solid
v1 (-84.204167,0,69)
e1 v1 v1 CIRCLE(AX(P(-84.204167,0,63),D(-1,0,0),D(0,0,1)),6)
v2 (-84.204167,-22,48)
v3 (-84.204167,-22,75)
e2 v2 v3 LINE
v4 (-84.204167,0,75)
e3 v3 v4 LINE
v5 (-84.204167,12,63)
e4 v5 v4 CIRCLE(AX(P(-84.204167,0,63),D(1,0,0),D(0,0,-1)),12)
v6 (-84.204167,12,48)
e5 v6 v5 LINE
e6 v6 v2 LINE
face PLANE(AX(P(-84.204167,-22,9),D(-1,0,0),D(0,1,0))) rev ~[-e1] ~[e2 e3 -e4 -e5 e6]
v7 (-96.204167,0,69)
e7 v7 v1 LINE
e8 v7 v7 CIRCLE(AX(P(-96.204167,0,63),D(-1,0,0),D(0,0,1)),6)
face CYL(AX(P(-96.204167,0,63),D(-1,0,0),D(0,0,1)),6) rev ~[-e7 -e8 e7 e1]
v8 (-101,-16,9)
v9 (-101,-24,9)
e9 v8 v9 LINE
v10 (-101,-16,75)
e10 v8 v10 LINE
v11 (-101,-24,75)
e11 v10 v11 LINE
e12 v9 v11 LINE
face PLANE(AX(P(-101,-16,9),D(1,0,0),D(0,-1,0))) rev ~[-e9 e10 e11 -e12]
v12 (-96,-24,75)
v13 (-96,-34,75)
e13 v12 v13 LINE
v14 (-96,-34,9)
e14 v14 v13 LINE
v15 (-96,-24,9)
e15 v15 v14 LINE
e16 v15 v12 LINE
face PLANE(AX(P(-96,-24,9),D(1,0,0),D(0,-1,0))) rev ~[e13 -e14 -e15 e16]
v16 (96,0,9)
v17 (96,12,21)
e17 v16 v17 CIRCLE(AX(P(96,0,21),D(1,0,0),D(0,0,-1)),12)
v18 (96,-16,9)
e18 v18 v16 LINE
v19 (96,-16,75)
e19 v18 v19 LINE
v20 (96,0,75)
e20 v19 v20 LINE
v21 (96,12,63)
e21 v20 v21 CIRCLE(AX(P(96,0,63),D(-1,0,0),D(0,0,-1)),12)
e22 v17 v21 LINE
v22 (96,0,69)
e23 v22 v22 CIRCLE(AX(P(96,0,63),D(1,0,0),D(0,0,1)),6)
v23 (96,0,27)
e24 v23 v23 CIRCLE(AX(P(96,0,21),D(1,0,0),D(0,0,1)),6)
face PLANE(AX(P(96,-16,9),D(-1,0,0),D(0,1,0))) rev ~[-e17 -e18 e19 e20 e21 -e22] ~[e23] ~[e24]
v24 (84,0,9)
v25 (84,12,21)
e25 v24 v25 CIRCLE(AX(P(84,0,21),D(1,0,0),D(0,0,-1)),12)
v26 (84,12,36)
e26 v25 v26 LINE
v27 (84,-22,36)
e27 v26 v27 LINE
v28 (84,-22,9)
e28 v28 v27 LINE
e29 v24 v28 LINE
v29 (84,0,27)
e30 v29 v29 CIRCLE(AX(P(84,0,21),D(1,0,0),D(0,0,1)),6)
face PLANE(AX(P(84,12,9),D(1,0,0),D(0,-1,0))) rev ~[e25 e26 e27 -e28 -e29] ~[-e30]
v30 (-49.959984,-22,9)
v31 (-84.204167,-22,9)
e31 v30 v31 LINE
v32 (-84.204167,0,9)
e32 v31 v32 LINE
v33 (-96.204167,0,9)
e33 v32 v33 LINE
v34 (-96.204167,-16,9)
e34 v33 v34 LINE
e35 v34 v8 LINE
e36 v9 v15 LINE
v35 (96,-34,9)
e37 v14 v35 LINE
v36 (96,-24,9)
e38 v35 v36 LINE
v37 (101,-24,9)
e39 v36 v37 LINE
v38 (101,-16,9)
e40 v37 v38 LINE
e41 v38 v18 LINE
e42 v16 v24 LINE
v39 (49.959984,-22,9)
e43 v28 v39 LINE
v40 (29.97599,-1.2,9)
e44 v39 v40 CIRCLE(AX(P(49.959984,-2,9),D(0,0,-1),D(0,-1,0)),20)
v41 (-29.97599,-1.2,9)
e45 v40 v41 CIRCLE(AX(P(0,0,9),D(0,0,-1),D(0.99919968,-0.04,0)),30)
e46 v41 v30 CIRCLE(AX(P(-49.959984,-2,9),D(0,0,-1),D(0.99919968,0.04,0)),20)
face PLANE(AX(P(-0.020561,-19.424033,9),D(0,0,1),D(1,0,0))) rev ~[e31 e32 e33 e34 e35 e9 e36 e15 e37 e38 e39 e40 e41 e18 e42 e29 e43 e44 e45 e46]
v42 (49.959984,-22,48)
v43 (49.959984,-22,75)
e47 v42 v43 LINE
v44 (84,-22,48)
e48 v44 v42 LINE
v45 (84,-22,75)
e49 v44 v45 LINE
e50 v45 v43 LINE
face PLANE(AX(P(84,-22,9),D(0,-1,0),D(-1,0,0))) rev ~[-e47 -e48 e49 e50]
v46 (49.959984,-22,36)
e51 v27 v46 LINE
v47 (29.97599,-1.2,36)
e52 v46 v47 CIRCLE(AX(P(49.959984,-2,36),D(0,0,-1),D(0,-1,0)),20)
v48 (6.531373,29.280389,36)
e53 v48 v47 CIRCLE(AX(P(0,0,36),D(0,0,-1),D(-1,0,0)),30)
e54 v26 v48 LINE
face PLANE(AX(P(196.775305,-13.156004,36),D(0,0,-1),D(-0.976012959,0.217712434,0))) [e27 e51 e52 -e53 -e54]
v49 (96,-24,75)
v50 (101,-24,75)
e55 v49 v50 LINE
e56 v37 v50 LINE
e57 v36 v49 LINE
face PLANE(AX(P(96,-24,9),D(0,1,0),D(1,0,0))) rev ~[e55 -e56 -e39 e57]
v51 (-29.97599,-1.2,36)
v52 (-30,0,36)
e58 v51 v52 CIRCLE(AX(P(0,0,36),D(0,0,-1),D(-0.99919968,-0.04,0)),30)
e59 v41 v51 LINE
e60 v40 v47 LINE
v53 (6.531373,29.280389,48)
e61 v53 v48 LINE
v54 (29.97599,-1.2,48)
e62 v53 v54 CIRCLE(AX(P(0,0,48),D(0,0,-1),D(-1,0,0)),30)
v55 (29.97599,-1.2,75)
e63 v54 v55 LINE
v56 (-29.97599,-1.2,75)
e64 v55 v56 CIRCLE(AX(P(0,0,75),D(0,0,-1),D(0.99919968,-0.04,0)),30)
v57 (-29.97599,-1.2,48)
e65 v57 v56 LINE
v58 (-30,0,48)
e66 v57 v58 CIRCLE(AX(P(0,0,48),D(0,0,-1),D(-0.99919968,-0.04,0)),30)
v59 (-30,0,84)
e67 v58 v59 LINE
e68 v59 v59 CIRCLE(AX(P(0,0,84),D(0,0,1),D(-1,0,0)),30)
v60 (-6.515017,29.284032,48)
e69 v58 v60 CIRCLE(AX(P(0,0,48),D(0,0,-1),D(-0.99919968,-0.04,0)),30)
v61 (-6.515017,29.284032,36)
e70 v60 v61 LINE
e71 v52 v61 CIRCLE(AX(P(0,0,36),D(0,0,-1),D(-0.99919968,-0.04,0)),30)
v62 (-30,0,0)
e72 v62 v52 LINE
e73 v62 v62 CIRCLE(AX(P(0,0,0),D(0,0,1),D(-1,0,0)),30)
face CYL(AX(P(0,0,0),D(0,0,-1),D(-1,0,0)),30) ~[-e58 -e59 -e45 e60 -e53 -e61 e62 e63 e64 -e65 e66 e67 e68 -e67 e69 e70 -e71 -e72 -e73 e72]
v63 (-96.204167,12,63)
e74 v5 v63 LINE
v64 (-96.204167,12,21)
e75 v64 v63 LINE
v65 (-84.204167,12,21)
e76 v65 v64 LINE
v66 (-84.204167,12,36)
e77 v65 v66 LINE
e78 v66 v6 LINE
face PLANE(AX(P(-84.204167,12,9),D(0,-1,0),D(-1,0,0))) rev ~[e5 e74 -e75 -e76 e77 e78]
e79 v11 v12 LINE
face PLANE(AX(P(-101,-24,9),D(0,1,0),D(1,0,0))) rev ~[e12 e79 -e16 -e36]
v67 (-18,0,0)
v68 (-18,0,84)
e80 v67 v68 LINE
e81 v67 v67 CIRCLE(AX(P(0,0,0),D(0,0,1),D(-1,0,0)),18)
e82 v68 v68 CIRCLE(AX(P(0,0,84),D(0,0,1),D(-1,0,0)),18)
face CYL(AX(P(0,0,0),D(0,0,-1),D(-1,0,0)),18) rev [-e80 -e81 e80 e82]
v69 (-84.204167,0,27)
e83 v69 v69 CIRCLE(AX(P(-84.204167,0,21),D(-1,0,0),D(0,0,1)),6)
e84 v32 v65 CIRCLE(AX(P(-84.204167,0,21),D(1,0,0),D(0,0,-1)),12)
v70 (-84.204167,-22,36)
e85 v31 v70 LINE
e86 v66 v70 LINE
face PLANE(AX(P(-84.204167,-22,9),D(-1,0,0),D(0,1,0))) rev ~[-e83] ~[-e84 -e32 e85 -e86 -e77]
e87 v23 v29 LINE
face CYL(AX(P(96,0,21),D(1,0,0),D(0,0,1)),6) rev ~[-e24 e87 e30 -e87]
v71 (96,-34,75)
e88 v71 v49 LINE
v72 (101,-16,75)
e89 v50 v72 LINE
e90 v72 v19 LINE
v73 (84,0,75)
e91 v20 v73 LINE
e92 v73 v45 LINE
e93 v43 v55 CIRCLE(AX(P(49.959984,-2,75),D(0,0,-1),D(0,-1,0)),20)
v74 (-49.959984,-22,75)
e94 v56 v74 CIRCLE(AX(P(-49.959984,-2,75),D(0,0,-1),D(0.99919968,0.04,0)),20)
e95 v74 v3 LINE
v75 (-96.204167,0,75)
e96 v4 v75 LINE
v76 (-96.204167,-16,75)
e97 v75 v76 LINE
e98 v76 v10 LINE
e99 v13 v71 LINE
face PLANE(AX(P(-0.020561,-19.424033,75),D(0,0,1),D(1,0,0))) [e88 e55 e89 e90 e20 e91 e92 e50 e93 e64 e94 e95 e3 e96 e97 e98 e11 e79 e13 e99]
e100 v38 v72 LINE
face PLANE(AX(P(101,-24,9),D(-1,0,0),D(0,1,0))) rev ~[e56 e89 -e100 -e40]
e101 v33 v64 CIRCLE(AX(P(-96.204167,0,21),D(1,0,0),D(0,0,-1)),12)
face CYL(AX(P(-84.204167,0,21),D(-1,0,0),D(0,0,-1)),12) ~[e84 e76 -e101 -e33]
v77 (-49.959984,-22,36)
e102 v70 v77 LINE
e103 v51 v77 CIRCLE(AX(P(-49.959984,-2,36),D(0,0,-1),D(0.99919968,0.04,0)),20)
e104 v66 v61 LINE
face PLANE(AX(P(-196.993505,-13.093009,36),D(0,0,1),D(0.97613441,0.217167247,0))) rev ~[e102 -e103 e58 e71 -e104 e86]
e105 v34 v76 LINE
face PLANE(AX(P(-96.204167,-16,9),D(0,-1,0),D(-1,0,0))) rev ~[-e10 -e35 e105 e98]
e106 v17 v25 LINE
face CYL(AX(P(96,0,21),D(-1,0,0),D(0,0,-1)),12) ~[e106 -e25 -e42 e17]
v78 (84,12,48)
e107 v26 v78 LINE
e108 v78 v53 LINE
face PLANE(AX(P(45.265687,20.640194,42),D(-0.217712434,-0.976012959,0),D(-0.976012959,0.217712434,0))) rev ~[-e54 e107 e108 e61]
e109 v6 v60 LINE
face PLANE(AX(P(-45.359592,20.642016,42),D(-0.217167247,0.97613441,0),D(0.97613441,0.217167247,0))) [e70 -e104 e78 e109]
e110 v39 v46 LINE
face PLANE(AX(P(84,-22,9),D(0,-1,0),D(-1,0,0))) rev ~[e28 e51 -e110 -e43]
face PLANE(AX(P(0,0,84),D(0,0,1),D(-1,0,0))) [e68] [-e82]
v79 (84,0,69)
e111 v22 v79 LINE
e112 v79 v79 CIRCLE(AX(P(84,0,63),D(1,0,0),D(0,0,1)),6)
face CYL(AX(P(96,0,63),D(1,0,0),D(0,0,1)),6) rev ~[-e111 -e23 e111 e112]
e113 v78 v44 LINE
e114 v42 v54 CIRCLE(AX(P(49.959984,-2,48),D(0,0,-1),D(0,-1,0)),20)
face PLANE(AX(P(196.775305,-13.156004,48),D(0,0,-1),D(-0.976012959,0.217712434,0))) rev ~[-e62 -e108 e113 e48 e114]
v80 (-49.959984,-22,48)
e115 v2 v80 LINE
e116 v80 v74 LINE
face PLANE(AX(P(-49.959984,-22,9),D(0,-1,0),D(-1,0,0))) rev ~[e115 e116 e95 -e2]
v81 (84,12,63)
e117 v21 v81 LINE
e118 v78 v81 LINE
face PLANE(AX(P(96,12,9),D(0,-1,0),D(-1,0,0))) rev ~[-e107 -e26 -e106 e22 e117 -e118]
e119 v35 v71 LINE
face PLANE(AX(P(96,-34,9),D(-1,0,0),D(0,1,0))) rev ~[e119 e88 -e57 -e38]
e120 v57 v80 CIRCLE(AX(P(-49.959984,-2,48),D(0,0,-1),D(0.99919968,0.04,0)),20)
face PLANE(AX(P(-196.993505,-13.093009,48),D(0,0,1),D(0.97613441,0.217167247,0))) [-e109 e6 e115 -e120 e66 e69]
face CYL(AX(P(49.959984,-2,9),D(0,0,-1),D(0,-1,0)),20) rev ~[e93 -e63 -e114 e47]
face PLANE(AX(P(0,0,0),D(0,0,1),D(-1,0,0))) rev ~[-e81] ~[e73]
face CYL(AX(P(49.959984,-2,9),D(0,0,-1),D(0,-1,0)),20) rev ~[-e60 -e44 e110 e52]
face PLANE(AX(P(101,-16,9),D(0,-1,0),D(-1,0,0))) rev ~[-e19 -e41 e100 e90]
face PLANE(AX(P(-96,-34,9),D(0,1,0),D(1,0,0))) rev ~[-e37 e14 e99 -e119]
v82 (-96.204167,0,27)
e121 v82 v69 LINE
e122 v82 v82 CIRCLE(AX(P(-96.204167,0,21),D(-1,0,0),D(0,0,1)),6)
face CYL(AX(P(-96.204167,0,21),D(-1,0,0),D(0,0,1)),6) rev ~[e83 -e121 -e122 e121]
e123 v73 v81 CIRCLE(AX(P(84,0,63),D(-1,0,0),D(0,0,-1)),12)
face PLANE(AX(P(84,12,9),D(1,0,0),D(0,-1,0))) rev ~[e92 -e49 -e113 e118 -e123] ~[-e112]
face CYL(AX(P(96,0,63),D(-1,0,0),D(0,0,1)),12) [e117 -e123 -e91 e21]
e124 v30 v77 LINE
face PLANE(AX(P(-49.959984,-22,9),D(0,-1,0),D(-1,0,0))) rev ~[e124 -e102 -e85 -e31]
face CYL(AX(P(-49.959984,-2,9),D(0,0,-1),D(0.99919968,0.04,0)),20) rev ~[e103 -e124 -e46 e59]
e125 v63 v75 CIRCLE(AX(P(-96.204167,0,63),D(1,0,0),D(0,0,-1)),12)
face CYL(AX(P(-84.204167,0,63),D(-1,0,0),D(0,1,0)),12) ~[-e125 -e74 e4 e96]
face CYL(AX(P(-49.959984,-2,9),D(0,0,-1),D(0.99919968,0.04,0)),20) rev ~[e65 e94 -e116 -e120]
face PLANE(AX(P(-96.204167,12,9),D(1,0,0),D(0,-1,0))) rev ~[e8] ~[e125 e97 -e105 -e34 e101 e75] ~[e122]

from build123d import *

# Parameters (mm, degrees)
SKETCH1_R                      = 30
SKETCH1_R_2                    = 18
BOSS_EXTRUDE1_DEPTH            = 84
BOSS_EXTRUDE3_DEPTH            = 66
CUT_EXTRUDE1_REACH             = 218.843
SKETCH3_R                      = 6
CUT_EXTRUDE1_DIRECTION_2_DEPTH = 217.843261366
FILLET1_R                      = 12
CUT_EXTRUDE2_REACH             = 219.029
SKETCH4_R                      = 6
FILLET2_R                      = 12
RIB1_REACH                     = 116.547
SKETCH5_WALL_W                 = 310.682445014
SKETCH5_WALL_H                 = 12
RIB2_REACH                     = 116.547
SKETCH6_WALL_W                 = 310.466406556
SKETCH6_WALL_H                 = 12


with BuildPart() as part:
    # Sketch1 → Boss-Extrude1 (new body)
    with BuildSketch(Plane.XY):
        with Locations(Location((0, 0, 0), (0, 0, 180))):
            Circle(SKETCH1_R)
        with Locations(Location((0, 0, 0), (0, 0, 180))):
            Circle(SKETCH1_R_2, mode=Mode.SUBTRACT)
    extrude(amount=BOSS_EXTRUDE1_DEPTH)

    # Sketch2 → Boss-Extrude3 (add)
    with BuildSketch(Plane.XY.offset(9)):
        with BuildLine():
            Line((96, -24), (101, -24))
            Line((101, -24), (101, -16))
            Line((101, -16), (96, -16))
            Line((96, -16), (96, 12))
            Line((96, 12), (84, 12))
            Line((84, 12), (84, -22))
            Line((84, -22), (49.959983987, -22))
            ThreePointArc((49.959983987, -22), (35.537778885, -15.856406461), (29.975990392, -1.2))
            ThreePointArc((29.975990392, -1.2), (0, -30), (-29.975990392, -1.2))
            ThreePointArc((-29.975990392, -1.2), (-35.537778885, -15.856406461), (-49.959983987, -22))
            Line((-49.959983987, -22), (-84.204166847, -22))
            Line((-84.204166847, -22), (-84.204166847, 12))
            Line((-84.204166847, 12), (-96.204166847, 12))
            Line((-96.204166847, 12), (-96.204166847, -16))
            Line((-96.204166847, -16), (-101, -16))
            Line((-101, -16), (-101, -24))
            Line((-101, -24), (-96, -24))
            Line((-96, -24), (-96, -34))
            Line((-96, -34), (96, -34))
            Line((96, -34), (96, -24))
        make_face()
    extrude(amount=BOSS_EXTRUDE3_DEPTH)

    # Sketch3 → Cut-Extrude1 (cut, up to next)
    with BuildSketch(Plane(origin=(96, 0, 0), x_dir=(0, 0, -1), z_dir=(1, 0, 0)), mode=Mode.PRIVATE) as cut_extrude1_sk1:
        with Locations(Location((-63, 0, 0), (0, 0, 180))):
            Circle(SKETCH3_R)
    cut_extrude1_tool1 = extrude(cut_extrude1_sk1.sketch, amount=-CUT_EXTRUDE1_REACH, mode=Mode.PRIVATE) & part.part
    # Sketch3 → Cut-Extrude1 (cut, up to next)
    with BuildSketch(Plane(origin=(96, 0, 0), x_dir=(0, 0, -1), z_dir=(1, 0, 0)), mode=Mode.PRIVATE) as cut_extrude1_sk2:
        with Locations(Location((-21, 0, 0), (0, 0, 180))):
            Circle(SKETCH3_R)
    cut_extrude1_tool2 = extrude(cut_extrude1_sk2.sketch, amount=-CUT_EXTRUDE1_REACH, mode=Mode.PRIVATE) & part.part
    add(cut_extrude1_tool1.solids().sort_by_distance((96, 0, 63))[0], mode=Mode.SUBTRACT)
    add(cut_extrude1_tool2.solids().sort_by_distance((96, 0, 21))[0], mode=Mode.SUBTRACT)

    # Sketch3 → Cut-Extrude1 direction 2 (cut)
    with BuildSketch(Plane(origin=(96, 0, 0), x_dir=(0, 0, -1), z_dir=(1, 0, 0))):
        with Locations(Location((-63, 0, 0), (0, 0, 180))):
            Circle(SKETCH3_R)
        with Locations(Location((-21, 0, 0), (0, 0, 180))):
            Circle(SKETCH3_R)
    extrude(amount=CUT_EXTRUDE1_DIRECTION_2_DEPTH, mode=Mode.SUBTRACT)

    # Fillet1
    fillet1_edges = [part.edges().sort_by_distance(p)[0] for p in [
        (90, 12, 9),
        (90, 12, 75),
    ]]
    fillet(fillet1_edges, radius=FILLET1_R)

    # Sketch4 → Cut-Extrude2 (cut, up to next)
    with BuildSketch(Plane.ZY.offset(96.204166847), mode=Mode.PRIVATE) as cut_extrude2_sk1:
        with Locations((21, 0)):
            Circle(SKETCH4_R)
    cut_extrude2_tool1 = extrude(cut_extrude2_sk1.sketch, amount=-CUT_EXTRUDE2_REACH, mode=Mode.PRIVATE) & part.part
    # Sketch4 → Cut-Extrude2 (cut, up to next)
    with BuildSketch(Plane.ZY.offset(96.204166847), mode=Mode.PRIVATE) as cut_extrude2_sk2:
        with Locations((63, 0)):
            Circle(SKETCH4_R)
    cut_extrude2_tool2 = extrude(cut_extrude2_sk2.sketch, amount=-CUT_EXTRUDE2_REACH, mode=Mode.PRIVATE) & part.part
    add(cut_extrude2_tool1.solids().sort_by_distance((-96.204167, 0, 21))[0], mode=Mode.SUBTRACT)
    add(cut_extrude2_tool2.solids().sort_by_distance((-96.204167, 0, 63))[0], mode=Mode.SUBTRACT)

    # Fillet2
    fillet2_edges = [part.edges().sort_by_distance(p)[0] for p in [
        (-90.204166847, 12, 9),
        (-90.204166847, 12, 75),
    ]]
    fillet(fillet2_edges, radius=FILLET2_R)

    # Sketch5 wall → Rib1 (add, up to next)
    with BuildSketch(Plane(origin=(-45.359592124, 20.642016154, 42), x_dir=(0.976134410289, 0.217167246725, 0), z_dir=(-0.217167246725, 0.976134410289, 0)), mode=Mode.PRIVATE) as rib1_sk1:
        Rectangle(SKETCH5_WALL_W, SKETCH5_WALL_H)
    rib1_tool1 = extrude(rib1_sk1.sketch, amount=-RIB1_REACH, mode=Mode.PRIVATE) - part.part
    add(rib1_tool1.solids().sort_by_distance((-45.359592124, 20.642016154, 42))[0])

    # Sketch6 wall → Rib2 (add, up to next)
    with BuildSketch(Plane(origin=(45.265686516, 20.640194383, 42), x_dir=(-0.976012958873, 0.217712434444, 0), z_dir=(-0.217712434444, -0.976012958873, 0)), mode=Mode.PRIVATE) as rib2_sk1:
        Rectangle(SKETCH6_WALL_W, SKETCH6_WALL_H)
    rib2_tool1 = extrude(rib2_sk1.sketch, amount=RIB2_REACH, mode=Mode.PRIVATE) - part.part
    add(rib2_tool1.solids().sort_by_distance((45.265686516, 20.640194383, 42))[0])


solid = part.part
